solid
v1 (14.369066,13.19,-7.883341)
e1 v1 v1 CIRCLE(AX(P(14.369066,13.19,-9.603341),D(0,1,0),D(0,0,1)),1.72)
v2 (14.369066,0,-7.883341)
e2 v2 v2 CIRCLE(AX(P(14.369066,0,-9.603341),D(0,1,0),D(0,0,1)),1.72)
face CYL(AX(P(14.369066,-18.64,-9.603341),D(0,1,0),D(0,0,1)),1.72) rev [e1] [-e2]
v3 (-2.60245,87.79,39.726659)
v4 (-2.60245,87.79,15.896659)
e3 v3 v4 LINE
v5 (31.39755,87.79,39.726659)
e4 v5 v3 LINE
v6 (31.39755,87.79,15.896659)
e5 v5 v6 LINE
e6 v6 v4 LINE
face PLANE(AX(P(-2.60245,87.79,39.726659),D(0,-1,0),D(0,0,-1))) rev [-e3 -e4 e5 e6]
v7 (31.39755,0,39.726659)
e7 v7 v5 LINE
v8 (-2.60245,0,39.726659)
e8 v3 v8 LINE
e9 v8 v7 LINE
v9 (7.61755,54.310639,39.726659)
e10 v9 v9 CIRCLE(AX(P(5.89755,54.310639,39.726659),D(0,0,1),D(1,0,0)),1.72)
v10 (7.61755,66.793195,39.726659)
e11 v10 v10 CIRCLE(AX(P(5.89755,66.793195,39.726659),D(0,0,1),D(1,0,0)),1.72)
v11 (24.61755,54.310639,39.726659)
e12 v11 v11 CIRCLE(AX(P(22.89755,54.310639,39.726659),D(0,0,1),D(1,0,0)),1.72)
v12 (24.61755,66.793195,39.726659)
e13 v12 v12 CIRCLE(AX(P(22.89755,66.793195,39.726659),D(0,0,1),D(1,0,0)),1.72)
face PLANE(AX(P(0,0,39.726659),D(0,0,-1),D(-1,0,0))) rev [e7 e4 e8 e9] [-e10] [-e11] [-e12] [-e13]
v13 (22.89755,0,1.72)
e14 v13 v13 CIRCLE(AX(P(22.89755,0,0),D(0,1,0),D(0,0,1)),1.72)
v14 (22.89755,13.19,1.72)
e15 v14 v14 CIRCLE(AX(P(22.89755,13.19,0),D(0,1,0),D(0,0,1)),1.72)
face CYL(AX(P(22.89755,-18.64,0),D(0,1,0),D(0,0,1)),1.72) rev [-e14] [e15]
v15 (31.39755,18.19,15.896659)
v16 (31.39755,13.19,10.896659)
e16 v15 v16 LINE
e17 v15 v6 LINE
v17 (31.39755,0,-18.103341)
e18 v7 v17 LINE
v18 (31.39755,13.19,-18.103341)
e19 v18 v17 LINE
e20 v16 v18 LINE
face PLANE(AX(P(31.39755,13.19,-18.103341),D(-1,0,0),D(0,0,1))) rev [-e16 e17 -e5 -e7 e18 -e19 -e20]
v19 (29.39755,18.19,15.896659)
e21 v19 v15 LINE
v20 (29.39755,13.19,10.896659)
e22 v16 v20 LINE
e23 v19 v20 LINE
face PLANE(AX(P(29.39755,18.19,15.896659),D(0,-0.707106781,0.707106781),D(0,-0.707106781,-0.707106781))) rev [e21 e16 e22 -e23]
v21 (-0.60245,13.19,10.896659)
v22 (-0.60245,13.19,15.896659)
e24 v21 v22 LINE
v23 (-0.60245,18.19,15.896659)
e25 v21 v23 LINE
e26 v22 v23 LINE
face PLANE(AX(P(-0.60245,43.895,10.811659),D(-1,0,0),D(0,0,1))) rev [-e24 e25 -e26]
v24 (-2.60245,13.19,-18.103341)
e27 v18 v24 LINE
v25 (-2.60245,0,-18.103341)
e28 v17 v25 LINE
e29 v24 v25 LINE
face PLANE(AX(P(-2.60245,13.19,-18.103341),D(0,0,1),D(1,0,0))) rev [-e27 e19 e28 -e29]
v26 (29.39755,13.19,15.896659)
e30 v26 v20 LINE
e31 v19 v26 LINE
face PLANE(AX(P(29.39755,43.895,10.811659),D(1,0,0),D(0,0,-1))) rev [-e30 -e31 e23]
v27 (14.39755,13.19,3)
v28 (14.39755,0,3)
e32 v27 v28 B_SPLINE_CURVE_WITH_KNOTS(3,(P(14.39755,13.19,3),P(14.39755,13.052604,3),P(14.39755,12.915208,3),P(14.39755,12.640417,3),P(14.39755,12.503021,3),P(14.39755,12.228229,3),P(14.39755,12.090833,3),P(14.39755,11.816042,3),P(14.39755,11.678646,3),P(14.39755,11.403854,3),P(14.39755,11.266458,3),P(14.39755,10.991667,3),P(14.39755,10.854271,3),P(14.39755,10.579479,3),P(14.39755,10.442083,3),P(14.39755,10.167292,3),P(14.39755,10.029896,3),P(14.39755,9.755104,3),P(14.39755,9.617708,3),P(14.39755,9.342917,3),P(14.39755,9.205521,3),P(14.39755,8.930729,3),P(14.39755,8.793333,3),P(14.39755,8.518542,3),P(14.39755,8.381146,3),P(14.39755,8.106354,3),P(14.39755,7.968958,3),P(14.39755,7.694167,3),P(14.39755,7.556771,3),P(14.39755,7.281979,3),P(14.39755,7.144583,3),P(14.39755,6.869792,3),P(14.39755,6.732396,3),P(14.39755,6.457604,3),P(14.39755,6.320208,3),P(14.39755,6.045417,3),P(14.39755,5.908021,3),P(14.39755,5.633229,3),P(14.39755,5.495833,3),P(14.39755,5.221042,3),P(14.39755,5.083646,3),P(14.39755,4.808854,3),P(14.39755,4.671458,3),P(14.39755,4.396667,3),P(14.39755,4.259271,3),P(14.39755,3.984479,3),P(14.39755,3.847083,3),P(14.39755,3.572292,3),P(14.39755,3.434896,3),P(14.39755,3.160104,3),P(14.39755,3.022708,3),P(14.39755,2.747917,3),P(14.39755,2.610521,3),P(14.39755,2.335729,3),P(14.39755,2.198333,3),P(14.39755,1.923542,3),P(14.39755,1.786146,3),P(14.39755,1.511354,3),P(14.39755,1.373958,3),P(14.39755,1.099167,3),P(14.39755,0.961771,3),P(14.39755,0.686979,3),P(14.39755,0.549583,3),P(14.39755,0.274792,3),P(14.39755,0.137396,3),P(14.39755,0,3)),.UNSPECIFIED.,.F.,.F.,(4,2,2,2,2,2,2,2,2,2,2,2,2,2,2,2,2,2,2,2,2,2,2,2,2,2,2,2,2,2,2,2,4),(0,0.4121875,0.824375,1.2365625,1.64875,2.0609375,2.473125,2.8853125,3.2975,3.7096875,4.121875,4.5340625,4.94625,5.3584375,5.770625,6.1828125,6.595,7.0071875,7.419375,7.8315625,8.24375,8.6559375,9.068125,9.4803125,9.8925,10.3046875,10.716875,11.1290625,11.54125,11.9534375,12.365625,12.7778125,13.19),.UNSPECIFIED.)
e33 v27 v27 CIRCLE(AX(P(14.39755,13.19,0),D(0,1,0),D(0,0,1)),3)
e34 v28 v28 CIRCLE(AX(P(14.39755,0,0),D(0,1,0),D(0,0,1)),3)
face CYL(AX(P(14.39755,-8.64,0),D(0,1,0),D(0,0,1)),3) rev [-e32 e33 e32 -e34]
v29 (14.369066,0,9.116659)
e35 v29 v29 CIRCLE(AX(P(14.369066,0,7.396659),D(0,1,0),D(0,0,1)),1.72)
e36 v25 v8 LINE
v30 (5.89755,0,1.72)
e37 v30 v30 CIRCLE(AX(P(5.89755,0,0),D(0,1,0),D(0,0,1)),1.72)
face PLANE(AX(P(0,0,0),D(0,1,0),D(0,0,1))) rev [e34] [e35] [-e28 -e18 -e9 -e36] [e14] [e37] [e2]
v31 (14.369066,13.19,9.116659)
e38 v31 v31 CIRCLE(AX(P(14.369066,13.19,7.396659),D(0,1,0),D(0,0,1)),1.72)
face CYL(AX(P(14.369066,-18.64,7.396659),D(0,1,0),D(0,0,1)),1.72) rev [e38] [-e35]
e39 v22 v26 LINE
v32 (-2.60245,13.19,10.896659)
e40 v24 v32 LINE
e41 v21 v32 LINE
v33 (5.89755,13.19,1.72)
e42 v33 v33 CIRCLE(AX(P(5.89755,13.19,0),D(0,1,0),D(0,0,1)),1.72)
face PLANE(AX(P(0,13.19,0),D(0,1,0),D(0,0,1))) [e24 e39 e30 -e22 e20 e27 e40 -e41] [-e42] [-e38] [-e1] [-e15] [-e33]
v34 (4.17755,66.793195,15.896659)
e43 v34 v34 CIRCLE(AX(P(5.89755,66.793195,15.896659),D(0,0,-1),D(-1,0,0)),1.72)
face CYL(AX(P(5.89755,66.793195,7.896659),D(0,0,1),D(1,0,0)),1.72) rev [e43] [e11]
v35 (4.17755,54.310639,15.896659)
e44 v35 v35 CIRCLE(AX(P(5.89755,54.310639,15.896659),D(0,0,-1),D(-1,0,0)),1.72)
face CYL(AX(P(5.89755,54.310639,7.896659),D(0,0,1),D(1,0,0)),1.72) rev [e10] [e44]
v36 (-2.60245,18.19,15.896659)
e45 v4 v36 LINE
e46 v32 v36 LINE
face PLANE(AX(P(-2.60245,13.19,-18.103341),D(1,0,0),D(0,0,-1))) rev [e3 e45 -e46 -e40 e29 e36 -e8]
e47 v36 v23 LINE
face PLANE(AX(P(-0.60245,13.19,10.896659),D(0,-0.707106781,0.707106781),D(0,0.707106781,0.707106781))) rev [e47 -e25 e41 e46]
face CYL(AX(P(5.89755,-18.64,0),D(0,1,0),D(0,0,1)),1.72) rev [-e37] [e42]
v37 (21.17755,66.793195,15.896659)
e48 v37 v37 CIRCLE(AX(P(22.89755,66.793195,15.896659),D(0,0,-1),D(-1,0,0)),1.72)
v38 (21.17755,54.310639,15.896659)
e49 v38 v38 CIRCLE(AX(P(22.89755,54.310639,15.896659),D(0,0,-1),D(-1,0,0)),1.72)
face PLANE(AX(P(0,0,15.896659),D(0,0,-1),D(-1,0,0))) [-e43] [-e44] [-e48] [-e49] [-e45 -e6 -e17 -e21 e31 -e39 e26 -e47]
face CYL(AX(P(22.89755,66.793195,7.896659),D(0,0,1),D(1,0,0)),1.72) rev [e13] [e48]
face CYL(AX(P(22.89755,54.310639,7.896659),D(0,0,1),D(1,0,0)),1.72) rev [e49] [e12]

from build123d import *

# Parameters (mm, degrees)
SKETCH5_W           = 34
SKETCH5_H           = 34
BOSS_EXTRUDE1_DEPTH = 13.19
SKETCH6_W           = 34
SKETCH6_H           = 87.79
BOSS_EXTRUDE2_DEPTH = 23.83
SKETCH7_R           = 3
CUT_EXTRUDE1_DEPTH  = 21.83
SKETCH8_R           = 1.72
CUT_EXTRUDE2_DEPTH  = 31.83
SKETCH9_R           = 1.72
CUT_EXTRUDE3_DEPTH  = 31.83
RIB18_REACH         = 103.535
SKETCH20_WALL_W     = 212.140430626
SKETCH20_WALL_H     = 2
RIB19_REACH         = 103.535
SKETCH21_WALL_W     = 212.140430626
SKETCH21_WALL_H     = 2


with BuildPart() as part:
    # Sketch5 → Boss-Extrude1 (new body)
    with BuildSketch(Plane(origin=(0, 0, 0), x_dir=(1, 0, 0), z_dir=(0, 1, 0))):
        with Locations((14.397550388, 1.103341085)):
            Rectangle(SKETCH5_W, SKETCH5_H)
    extrude(amount=BOSS_EXTRUDE1_DEPTH)

    # Sketch6 → Boss-Extrude2 (add)
    with BuildSketch(Plane.XY.offset(15.896658915)):
        with Locations((14.397550388, 43.895)):
            Rectangle(SKETCH6_W, SKETCH6_H)
    extrude(amount=BOSS_EXTRUDE2_DEPTH)

    # Sketch7 → Cut-Extrude1 (cut)
    with BuildSketch(Plane(origin=(0, 13.19, 0), x_dir=(1, 0, 0), z_dir=(0, 1, 0))):
        with Locations(Location((14.397550388, 0, 0), (0, 0, 270))):
            Circle(SKETCH7_R)
    extrude(amount=-CUT_EXTRUDE1_DEPTH, mode=Mode.SUBTRACT)

    # Sketch8 → Cut-Extrude2 (cut)
    with BuildSketch(Plane.XY.offset(39.726658915)):
        with Locations((5.897550388, 66.793195428)):
            Circle(SKETCH8_R)
        with Locations((22.897550388, 66.793195428)):
            Circle(SKETCH8_R)
        with Locations((5.897550388, 54.310639336)):
            Circle(SKETCH8_R)
        with Locations((22.897550388, 54.310639336)):
            Circle(SKETCH8_R)
    extrude(amount=-CUT_EXTRUDE2_DEPTH, mode=Mode.SUBTRACT)

    # Sketch9 → Cut-Extrude3 (cut)
    with BuildSketch(Plane(origin=(0, 13.19, 0), x_dir=(1, 0, 0), z_dir=(0, 1, 0))):
        with Locations(Location((22.897550388, 0, 0), (0, 0, 270))):
            Circle(SKETCH9_R)
        with Locations(Location((14.369066497, 9.603341085, 0), (0, 0, 270))):
            Circle(SKETCH9_R)
        with Locations(Location((14.369066497, -7.396658915, 0), (0, 0, 270))):
            Circle(SKETCH9_R)
        with Locations(Location((5.897550388, 0, 0), (0, 0, 270))):
            Circle(SKETCH9_R)
    extrude(amount=-CUT_EXTRUDE3_DEPTH, mode=Mode.SUBTRACT)

    # Sketch20 wall → Rib18 (add, up to next)
    with BuildSketch(Plane(origin=(-0.602449612, 15.69, 13.396658915), x_dir=(0, 0.707106781187, 0.707106781187), z_dir=(0, 0.707106781187, -0.707106781187)), mode=Mode.PRIVATE) as rib18_sk1:
        with Locations((0, -1)):
            Rectangle(SKETCH20_WALL_W, SKETCH20_WALL_H)
    rib18_tool1 = extrude(rib18_sk1.sketch, amount=-RIB18_REACH, mode=Mode.PRIVATE) - part.part
    add(rib18_tool1.solids().sort_by_distance((-0.602449612, 15.69, 13.396658915))[0])

    # Sketch21 wall → Rib19 (add, up to next)
    with BuildSketch(Plane(origin=(29.397550388, 15.69, 13.396658915), x_dir=(0, -0.707106781187, -0.707106781187), z_dir=(0, 0.707106781187, -0.707106781187)), mode=Mode.PRIVATE) as rib19_sk1:
        with Locations((0, -1)):
            Rectangle(SKETCH21_WALL_W, SKETCH21_WALL_H)
    rib19_tool1 = extrude(rib19_sk1.sketch, amount=-RIB19_REACH, mode=Mode.PRIVATE) - part.part
    add(rib19_tool1.solids().sort_by_distance((29.397550388, 15.69, 13.396658915))[0])


solid = part.part
